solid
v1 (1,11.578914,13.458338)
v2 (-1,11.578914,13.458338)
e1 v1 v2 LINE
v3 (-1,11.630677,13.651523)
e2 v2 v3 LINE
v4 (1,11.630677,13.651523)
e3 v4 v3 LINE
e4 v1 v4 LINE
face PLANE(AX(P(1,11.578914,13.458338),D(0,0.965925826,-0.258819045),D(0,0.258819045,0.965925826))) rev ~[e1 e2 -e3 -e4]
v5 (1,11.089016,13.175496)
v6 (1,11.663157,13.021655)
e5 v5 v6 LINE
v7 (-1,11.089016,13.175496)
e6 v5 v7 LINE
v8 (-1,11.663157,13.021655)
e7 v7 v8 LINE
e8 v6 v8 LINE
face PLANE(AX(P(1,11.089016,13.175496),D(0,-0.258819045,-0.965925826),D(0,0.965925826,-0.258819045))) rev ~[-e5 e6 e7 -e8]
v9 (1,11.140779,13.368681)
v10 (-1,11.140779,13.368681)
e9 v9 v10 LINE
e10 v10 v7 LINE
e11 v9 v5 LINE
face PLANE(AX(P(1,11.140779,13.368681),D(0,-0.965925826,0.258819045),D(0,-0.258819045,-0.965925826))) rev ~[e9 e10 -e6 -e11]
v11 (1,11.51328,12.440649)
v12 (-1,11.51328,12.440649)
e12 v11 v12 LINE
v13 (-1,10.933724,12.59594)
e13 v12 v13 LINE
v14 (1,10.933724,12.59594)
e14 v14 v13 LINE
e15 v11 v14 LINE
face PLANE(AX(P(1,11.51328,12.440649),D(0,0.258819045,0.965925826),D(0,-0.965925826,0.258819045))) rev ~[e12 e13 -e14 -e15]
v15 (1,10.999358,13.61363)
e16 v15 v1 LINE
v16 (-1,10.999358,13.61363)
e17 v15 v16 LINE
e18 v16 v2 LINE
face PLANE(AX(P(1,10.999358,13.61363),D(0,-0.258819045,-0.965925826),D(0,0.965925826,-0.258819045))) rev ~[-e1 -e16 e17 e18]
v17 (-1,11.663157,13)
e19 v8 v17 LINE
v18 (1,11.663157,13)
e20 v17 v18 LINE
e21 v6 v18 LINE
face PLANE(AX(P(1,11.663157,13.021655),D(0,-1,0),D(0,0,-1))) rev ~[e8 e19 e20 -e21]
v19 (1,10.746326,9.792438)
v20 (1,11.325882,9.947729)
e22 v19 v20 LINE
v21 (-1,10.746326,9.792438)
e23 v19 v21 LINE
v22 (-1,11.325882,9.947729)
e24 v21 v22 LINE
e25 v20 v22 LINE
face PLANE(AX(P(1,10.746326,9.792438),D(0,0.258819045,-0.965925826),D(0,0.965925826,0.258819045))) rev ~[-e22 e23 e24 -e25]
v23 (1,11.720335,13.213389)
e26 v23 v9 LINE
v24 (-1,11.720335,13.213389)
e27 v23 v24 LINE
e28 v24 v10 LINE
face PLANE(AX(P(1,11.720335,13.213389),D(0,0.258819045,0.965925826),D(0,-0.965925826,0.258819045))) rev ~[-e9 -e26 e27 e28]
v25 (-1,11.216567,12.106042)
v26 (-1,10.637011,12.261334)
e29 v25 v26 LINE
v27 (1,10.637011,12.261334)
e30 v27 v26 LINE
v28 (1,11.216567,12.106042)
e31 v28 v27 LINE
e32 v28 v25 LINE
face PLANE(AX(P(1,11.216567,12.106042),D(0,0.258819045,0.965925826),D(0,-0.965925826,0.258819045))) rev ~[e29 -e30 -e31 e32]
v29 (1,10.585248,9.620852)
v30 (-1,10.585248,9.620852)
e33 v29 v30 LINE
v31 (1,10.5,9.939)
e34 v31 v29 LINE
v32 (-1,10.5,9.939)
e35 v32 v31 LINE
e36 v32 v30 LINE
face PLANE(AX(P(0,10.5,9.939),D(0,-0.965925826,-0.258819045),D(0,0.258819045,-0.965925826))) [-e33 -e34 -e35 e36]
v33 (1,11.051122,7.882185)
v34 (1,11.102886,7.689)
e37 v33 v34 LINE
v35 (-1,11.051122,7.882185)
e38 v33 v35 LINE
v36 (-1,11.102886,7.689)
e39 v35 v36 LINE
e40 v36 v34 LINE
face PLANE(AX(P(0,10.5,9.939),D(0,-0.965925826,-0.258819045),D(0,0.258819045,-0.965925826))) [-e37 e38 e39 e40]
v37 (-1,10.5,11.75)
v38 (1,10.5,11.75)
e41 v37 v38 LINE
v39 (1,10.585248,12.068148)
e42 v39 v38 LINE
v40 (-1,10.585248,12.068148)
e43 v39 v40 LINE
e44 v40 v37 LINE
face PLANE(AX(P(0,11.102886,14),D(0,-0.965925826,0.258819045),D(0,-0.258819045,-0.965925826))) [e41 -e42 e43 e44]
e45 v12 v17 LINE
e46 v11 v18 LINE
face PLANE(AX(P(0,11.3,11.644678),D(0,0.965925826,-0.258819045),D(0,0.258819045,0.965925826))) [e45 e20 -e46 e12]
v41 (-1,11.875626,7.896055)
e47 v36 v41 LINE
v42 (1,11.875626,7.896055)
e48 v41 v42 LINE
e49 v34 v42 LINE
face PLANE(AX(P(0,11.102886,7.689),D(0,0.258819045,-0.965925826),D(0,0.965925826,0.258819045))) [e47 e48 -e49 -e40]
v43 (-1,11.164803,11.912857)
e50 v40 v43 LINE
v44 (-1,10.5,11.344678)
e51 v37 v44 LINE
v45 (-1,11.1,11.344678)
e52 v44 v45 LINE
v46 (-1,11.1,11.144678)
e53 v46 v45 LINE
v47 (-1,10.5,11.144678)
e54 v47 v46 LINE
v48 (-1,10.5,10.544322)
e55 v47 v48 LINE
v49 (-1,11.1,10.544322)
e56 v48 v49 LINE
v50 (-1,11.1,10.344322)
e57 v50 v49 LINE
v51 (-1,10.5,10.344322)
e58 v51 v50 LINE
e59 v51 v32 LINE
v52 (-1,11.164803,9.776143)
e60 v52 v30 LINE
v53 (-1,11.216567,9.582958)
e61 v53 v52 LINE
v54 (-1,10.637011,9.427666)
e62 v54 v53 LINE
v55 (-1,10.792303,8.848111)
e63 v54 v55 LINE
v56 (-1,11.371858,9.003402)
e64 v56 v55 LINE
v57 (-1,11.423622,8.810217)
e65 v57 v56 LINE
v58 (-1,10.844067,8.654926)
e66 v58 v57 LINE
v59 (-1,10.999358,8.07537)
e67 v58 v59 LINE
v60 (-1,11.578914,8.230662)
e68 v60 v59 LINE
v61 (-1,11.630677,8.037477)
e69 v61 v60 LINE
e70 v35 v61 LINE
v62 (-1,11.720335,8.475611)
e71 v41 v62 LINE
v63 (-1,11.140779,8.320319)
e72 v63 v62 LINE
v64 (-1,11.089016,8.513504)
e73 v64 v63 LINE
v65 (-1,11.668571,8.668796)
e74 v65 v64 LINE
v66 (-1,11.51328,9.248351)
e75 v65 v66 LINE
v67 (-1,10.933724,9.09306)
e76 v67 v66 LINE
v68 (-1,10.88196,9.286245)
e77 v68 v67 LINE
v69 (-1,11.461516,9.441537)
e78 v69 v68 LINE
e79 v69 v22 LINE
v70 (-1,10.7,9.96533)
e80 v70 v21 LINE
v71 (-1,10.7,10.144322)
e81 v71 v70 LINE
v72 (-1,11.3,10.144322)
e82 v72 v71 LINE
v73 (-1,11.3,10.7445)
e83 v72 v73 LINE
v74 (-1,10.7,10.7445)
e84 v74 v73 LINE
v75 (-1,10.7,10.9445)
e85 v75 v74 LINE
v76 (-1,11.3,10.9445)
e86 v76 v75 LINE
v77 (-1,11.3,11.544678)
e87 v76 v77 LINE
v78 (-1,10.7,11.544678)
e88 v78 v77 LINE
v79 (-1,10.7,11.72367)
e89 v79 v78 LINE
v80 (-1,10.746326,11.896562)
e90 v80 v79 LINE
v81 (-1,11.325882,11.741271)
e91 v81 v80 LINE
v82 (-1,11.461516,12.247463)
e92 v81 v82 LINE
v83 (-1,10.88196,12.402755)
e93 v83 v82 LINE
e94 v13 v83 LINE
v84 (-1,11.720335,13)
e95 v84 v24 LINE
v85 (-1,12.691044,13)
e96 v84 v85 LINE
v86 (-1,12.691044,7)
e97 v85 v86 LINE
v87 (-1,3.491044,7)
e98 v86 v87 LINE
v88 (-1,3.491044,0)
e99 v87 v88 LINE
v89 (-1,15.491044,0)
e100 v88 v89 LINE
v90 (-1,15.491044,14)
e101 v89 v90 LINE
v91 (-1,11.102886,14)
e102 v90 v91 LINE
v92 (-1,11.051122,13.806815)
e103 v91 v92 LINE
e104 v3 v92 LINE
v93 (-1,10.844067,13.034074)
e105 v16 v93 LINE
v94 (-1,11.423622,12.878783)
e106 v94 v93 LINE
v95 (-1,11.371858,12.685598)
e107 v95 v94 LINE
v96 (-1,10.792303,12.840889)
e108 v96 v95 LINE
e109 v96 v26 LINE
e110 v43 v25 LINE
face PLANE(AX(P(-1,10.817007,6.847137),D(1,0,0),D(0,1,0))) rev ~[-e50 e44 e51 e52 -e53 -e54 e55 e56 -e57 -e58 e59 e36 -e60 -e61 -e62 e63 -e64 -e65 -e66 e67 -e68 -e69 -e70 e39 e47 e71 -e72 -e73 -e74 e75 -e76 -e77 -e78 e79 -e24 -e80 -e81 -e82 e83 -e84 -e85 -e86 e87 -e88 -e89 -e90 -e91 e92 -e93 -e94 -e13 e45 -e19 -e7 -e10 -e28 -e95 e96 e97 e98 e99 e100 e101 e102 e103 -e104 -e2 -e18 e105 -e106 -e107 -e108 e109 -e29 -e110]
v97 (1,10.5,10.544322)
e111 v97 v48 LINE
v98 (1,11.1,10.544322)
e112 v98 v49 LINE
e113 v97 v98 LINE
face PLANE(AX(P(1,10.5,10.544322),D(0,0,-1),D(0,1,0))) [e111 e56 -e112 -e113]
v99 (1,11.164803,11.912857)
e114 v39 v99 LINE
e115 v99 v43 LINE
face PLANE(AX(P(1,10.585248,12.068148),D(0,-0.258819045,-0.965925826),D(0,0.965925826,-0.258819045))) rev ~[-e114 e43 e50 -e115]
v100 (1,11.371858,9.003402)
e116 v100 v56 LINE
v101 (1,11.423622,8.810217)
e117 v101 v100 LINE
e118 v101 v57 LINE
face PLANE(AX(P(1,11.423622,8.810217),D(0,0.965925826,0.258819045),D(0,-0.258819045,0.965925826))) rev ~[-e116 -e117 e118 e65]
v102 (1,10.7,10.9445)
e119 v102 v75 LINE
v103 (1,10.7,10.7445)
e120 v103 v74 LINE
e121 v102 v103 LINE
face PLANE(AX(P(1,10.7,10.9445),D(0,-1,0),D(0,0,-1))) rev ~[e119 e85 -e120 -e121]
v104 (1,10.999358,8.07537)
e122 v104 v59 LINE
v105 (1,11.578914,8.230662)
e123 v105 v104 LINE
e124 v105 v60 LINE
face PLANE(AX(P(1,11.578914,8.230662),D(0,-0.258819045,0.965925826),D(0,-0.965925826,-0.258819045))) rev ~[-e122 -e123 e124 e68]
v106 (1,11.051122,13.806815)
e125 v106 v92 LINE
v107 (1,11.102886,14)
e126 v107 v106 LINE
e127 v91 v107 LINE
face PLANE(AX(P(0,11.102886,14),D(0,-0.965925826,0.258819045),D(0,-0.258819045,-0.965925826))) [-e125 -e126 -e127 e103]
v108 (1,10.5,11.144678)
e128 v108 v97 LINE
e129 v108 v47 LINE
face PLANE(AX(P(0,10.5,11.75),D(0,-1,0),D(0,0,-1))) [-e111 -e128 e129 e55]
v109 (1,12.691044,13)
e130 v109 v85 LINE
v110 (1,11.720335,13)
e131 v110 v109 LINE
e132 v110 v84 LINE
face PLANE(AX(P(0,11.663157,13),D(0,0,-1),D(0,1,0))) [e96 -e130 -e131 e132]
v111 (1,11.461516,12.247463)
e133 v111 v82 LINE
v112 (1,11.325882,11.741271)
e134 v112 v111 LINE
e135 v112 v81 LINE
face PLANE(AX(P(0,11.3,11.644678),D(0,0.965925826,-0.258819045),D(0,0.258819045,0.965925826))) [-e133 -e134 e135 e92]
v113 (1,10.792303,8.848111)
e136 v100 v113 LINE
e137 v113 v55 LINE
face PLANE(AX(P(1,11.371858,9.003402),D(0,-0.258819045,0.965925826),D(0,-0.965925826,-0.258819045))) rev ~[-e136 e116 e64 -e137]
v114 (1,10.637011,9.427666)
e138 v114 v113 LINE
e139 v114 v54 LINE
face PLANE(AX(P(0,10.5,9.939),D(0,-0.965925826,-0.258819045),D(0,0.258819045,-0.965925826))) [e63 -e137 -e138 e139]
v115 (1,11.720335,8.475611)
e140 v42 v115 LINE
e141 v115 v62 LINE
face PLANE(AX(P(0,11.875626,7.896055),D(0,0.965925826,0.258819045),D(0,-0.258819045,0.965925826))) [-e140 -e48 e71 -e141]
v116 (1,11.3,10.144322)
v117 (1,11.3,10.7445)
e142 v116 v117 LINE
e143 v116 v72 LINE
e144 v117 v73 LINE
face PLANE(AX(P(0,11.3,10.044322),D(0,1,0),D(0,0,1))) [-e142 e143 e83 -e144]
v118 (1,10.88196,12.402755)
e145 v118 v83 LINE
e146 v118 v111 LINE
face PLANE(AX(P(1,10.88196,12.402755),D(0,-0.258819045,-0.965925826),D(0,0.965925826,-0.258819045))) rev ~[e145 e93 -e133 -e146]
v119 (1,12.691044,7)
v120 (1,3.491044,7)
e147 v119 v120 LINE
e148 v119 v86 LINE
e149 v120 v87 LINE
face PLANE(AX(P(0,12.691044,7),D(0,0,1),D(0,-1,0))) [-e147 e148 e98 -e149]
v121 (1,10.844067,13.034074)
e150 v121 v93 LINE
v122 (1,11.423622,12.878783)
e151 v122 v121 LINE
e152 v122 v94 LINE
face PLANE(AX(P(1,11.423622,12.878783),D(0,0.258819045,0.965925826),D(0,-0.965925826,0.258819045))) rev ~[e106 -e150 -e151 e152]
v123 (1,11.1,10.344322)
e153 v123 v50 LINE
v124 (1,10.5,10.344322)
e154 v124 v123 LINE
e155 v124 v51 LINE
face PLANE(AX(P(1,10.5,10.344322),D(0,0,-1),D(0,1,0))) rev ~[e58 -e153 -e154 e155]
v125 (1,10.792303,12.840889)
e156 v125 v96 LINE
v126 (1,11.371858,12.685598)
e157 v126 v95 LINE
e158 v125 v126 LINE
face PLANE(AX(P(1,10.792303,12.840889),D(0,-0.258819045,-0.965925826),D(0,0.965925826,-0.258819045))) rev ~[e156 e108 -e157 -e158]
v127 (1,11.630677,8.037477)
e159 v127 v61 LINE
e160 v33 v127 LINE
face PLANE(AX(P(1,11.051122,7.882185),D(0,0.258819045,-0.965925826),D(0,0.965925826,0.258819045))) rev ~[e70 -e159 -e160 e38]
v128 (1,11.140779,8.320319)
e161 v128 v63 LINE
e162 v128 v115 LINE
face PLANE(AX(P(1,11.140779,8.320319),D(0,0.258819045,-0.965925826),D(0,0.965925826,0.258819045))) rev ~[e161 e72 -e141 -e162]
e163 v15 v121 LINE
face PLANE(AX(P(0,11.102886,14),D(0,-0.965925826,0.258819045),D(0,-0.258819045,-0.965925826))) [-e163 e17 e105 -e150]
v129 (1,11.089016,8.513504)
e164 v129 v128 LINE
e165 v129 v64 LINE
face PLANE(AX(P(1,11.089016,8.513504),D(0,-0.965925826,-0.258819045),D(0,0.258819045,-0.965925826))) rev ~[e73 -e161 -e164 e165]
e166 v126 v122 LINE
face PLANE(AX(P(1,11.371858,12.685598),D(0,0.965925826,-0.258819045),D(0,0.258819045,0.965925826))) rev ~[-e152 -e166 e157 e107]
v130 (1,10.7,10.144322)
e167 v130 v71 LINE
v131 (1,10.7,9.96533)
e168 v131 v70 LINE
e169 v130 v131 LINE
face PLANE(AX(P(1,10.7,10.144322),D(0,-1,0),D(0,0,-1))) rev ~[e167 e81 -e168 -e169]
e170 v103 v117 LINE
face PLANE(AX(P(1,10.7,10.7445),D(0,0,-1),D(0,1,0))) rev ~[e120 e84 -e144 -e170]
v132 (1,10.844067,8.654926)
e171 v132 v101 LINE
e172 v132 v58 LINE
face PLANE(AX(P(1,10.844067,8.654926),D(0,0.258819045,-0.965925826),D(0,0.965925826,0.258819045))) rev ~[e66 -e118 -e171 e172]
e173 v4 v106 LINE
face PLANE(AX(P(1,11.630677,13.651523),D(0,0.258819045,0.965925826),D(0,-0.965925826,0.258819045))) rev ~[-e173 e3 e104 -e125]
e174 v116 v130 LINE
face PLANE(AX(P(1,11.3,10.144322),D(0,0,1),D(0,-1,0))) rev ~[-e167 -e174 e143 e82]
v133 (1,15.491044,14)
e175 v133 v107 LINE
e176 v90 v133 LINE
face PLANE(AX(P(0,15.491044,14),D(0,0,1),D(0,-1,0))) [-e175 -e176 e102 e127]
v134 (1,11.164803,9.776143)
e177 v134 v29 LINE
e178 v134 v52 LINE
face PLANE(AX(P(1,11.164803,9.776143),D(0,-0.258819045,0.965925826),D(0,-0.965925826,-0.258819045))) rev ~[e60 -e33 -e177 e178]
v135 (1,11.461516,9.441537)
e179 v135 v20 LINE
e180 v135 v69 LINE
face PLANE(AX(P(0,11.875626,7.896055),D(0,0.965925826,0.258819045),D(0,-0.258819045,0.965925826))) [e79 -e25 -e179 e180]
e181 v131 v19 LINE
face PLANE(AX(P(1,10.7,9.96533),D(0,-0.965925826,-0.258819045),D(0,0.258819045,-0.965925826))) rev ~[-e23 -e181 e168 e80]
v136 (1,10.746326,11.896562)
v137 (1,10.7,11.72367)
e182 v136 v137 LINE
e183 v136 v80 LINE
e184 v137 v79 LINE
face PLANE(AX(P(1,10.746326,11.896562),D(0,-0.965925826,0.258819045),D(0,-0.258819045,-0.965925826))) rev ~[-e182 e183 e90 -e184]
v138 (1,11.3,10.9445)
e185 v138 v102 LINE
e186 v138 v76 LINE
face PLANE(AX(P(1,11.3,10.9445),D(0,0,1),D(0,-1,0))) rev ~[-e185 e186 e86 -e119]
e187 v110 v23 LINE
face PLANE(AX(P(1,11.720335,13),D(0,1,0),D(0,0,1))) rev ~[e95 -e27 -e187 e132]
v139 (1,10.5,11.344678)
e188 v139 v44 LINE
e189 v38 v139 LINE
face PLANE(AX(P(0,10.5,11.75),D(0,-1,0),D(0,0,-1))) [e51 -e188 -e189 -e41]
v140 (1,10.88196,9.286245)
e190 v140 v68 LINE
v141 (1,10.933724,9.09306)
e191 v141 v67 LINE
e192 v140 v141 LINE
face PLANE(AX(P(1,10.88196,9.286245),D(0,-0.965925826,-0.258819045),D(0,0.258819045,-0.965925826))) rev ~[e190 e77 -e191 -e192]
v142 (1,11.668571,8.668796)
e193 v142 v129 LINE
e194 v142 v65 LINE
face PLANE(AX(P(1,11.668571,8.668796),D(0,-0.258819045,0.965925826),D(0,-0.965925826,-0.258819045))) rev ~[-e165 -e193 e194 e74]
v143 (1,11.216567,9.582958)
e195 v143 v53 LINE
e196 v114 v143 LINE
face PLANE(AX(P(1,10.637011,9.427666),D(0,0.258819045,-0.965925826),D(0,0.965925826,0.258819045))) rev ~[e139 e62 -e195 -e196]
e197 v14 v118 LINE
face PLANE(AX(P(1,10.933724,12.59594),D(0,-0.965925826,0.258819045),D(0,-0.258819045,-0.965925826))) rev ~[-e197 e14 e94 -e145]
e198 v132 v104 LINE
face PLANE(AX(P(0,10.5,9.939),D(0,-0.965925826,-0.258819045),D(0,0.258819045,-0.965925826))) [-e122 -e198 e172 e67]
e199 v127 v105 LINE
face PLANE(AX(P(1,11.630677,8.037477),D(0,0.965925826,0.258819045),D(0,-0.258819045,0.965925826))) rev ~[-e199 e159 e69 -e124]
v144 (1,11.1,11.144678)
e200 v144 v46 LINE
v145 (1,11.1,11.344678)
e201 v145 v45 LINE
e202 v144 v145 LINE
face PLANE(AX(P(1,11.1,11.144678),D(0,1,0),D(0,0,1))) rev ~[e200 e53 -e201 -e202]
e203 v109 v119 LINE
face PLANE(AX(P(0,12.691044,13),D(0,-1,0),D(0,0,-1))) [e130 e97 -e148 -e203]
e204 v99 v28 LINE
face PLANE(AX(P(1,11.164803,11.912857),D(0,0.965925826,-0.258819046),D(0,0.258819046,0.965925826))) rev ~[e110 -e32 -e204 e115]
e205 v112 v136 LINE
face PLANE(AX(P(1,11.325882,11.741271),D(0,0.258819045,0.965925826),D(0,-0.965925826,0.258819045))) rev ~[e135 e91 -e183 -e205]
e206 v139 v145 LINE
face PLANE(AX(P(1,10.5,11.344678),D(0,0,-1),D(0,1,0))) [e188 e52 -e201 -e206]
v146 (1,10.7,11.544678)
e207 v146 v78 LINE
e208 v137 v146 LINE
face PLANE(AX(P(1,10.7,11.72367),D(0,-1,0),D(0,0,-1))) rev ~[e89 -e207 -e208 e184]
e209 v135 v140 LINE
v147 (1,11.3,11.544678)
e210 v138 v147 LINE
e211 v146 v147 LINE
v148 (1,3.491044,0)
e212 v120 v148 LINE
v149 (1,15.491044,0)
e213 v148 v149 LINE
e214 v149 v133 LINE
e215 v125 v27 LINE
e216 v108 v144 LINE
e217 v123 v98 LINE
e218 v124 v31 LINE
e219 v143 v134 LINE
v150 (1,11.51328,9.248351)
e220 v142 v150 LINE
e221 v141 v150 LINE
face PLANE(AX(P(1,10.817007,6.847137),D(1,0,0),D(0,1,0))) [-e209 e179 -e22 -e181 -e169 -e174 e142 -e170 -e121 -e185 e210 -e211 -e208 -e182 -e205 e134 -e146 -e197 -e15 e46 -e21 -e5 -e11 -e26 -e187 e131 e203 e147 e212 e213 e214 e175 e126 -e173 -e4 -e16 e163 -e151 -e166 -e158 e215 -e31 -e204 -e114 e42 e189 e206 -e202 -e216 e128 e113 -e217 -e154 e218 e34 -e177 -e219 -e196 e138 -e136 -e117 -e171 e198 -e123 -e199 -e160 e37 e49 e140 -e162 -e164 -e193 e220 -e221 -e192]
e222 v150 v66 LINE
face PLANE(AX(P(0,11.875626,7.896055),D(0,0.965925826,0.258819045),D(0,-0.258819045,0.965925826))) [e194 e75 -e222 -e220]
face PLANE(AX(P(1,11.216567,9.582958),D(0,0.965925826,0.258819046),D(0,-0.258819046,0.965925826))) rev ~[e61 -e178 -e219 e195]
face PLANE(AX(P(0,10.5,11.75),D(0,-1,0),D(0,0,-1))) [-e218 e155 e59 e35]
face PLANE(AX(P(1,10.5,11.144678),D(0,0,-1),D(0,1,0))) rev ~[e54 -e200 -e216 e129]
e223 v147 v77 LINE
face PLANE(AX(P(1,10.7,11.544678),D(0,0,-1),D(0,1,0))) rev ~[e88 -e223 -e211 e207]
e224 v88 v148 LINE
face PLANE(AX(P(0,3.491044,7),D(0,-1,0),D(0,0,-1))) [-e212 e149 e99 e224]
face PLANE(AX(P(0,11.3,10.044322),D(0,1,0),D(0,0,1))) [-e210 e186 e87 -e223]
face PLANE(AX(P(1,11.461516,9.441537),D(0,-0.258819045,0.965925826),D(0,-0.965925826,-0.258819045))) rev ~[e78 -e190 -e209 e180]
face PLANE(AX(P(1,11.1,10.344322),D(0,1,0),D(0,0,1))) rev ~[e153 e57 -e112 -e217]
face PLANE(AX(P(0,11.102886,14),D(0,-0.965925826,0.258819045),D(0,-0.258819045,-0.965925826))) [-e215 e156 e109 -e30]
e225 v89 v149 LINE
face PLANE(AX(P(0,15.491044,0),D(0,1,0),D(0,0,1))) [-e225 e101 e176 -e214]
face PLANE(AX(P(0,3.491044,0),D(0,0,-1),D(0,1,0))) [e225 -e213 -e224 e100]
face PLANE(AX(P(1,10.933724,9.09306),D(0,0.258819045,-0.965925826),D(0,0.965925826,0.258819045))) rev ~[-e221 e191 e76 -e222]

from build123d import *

# Parameters (mm, degrees)
F2_DEPTH = 1
F4_W     = 0.6
F4_H     = 0.2
F5_DEPTH = 2


with BuildPart() as f2:
    # F1 (on Right) → F2 (new body, symmetric)
    with BuildSketch(Plane.YZ):
        Polygon((3.491044435, 7), (3.491044435, 0), (15.491044435, 0), (15.491044435, 14), (11.102885683, 14), (10.5, 11.75), (10.5, 9.939), (11.102885683, 7.689), (11.875626344, 7.8960552361), (11.3, 10.0443219981), (11.3, 11.6446780019), (11.6631574349, 13), (12.691044435, 13), (12.691044435, 7), align=None)
    extrude(amount=F2_DEPTH, both=True)

    # F4 (on face) → F5 (cut, through all)
    with BuildSketch(Plane.YZ.offset(1)):
        Polygon((11.5789135607, 8.2306617576), (10.9993580649, 8.0753703305), (11.0511218739, 7.8821851653), (11.6306773697, 8.0374765923), align=None)
        Polygon((11.1407794212, 8.3203193048), (11.7203349169, 8.4756107319), (11.6685711079, 8.6687958971), (11.0890156121, 8.5135044701), align=None)
        Polygon((10.8440666379, 8.6549258263), (11.4236221336, 8.8102172534), (11.3718583246, 9.0034024186), (10.7923028288, 8.8481109915), align=None)
        Polygon((10.8819603761, 9.2862451311), (10.9337241851, 9.0930599658), (11.5132796809, 9.2483513929), (11.4615158718, 9.4415365581), align=None)
        Polygon((10.6370114018, 9.4276664873), (11.2165668976, 9.5829579144), (11.1648030885, 9.7761430796), (10.5852475928, 9.6208516526), align=None)
        Polygon((11.3, 10.0443219981), (11.3, 10.1443219981), (10.7, 10.1443219981), (10.7, 9.9653304995), (10.7463264087, 9.7924379884), (11.3258819045, 9.9477294154), align=None)
        with Locations((10.8, 10.4443219981)):
            Rectangle(F4_W, F4_H)
        Polygon((10.7, 10.7445), (11.3, 10.7445), (11.3, 10.8445), (11.3, 10.9445), (10.7, 10.9445), (10.7, 10.8445), align=None)
        Polygon((11.6306773697, 13.6515234077), (11.0511218739, 13.8068148347), (10.9993580649, 13.6136296695), (11.5789135607, 13.4583382424), align=None)
        Polygon((10.5852475928, 12.0681483474), (11.1648030885, 11.9128569204), (11.2165668976, 12.1060420856), (10.6370114018, 12.2613335127), align=None)
        with Locations((10.8, 11.2446780019)):
            Rectangle(F4_W, F4_H)
        Polygon((11.5132796809, 12.4406486071), (10.9337241851, 12.5959400342), (10.8819603761, 12.4027548689), (11.4615158718, 12.2474634419), align=None)
        Polygon((10.7923028288, 12.8408890085), (11.3718583246, 12.6855975814), (11.4236221336, 12.8787827466), (10.8440666379, 13.0340741737), align=None)
        Polygon((11.7203349169, 13.2133892681), (11.1407794212, 13.3686806952), (11.0890156121, 13.1754955299), (11.6631574349, 13.0216546922), (11.6631574349, 13), (11.7203349169, 13), align=None)
        Polygon((10.7, 11.5446780019), (11.3, 11.5446780019), (11.3, 11.6446780019), (11.3258819045, 11.7412705846), (10.7463264087, 11.8965620116), (10.7, 11.7236695005), align=None)
    extrude(amount=-F5_DEPTH, mode=Mode.SUBTRACT)


solid = f2.part
